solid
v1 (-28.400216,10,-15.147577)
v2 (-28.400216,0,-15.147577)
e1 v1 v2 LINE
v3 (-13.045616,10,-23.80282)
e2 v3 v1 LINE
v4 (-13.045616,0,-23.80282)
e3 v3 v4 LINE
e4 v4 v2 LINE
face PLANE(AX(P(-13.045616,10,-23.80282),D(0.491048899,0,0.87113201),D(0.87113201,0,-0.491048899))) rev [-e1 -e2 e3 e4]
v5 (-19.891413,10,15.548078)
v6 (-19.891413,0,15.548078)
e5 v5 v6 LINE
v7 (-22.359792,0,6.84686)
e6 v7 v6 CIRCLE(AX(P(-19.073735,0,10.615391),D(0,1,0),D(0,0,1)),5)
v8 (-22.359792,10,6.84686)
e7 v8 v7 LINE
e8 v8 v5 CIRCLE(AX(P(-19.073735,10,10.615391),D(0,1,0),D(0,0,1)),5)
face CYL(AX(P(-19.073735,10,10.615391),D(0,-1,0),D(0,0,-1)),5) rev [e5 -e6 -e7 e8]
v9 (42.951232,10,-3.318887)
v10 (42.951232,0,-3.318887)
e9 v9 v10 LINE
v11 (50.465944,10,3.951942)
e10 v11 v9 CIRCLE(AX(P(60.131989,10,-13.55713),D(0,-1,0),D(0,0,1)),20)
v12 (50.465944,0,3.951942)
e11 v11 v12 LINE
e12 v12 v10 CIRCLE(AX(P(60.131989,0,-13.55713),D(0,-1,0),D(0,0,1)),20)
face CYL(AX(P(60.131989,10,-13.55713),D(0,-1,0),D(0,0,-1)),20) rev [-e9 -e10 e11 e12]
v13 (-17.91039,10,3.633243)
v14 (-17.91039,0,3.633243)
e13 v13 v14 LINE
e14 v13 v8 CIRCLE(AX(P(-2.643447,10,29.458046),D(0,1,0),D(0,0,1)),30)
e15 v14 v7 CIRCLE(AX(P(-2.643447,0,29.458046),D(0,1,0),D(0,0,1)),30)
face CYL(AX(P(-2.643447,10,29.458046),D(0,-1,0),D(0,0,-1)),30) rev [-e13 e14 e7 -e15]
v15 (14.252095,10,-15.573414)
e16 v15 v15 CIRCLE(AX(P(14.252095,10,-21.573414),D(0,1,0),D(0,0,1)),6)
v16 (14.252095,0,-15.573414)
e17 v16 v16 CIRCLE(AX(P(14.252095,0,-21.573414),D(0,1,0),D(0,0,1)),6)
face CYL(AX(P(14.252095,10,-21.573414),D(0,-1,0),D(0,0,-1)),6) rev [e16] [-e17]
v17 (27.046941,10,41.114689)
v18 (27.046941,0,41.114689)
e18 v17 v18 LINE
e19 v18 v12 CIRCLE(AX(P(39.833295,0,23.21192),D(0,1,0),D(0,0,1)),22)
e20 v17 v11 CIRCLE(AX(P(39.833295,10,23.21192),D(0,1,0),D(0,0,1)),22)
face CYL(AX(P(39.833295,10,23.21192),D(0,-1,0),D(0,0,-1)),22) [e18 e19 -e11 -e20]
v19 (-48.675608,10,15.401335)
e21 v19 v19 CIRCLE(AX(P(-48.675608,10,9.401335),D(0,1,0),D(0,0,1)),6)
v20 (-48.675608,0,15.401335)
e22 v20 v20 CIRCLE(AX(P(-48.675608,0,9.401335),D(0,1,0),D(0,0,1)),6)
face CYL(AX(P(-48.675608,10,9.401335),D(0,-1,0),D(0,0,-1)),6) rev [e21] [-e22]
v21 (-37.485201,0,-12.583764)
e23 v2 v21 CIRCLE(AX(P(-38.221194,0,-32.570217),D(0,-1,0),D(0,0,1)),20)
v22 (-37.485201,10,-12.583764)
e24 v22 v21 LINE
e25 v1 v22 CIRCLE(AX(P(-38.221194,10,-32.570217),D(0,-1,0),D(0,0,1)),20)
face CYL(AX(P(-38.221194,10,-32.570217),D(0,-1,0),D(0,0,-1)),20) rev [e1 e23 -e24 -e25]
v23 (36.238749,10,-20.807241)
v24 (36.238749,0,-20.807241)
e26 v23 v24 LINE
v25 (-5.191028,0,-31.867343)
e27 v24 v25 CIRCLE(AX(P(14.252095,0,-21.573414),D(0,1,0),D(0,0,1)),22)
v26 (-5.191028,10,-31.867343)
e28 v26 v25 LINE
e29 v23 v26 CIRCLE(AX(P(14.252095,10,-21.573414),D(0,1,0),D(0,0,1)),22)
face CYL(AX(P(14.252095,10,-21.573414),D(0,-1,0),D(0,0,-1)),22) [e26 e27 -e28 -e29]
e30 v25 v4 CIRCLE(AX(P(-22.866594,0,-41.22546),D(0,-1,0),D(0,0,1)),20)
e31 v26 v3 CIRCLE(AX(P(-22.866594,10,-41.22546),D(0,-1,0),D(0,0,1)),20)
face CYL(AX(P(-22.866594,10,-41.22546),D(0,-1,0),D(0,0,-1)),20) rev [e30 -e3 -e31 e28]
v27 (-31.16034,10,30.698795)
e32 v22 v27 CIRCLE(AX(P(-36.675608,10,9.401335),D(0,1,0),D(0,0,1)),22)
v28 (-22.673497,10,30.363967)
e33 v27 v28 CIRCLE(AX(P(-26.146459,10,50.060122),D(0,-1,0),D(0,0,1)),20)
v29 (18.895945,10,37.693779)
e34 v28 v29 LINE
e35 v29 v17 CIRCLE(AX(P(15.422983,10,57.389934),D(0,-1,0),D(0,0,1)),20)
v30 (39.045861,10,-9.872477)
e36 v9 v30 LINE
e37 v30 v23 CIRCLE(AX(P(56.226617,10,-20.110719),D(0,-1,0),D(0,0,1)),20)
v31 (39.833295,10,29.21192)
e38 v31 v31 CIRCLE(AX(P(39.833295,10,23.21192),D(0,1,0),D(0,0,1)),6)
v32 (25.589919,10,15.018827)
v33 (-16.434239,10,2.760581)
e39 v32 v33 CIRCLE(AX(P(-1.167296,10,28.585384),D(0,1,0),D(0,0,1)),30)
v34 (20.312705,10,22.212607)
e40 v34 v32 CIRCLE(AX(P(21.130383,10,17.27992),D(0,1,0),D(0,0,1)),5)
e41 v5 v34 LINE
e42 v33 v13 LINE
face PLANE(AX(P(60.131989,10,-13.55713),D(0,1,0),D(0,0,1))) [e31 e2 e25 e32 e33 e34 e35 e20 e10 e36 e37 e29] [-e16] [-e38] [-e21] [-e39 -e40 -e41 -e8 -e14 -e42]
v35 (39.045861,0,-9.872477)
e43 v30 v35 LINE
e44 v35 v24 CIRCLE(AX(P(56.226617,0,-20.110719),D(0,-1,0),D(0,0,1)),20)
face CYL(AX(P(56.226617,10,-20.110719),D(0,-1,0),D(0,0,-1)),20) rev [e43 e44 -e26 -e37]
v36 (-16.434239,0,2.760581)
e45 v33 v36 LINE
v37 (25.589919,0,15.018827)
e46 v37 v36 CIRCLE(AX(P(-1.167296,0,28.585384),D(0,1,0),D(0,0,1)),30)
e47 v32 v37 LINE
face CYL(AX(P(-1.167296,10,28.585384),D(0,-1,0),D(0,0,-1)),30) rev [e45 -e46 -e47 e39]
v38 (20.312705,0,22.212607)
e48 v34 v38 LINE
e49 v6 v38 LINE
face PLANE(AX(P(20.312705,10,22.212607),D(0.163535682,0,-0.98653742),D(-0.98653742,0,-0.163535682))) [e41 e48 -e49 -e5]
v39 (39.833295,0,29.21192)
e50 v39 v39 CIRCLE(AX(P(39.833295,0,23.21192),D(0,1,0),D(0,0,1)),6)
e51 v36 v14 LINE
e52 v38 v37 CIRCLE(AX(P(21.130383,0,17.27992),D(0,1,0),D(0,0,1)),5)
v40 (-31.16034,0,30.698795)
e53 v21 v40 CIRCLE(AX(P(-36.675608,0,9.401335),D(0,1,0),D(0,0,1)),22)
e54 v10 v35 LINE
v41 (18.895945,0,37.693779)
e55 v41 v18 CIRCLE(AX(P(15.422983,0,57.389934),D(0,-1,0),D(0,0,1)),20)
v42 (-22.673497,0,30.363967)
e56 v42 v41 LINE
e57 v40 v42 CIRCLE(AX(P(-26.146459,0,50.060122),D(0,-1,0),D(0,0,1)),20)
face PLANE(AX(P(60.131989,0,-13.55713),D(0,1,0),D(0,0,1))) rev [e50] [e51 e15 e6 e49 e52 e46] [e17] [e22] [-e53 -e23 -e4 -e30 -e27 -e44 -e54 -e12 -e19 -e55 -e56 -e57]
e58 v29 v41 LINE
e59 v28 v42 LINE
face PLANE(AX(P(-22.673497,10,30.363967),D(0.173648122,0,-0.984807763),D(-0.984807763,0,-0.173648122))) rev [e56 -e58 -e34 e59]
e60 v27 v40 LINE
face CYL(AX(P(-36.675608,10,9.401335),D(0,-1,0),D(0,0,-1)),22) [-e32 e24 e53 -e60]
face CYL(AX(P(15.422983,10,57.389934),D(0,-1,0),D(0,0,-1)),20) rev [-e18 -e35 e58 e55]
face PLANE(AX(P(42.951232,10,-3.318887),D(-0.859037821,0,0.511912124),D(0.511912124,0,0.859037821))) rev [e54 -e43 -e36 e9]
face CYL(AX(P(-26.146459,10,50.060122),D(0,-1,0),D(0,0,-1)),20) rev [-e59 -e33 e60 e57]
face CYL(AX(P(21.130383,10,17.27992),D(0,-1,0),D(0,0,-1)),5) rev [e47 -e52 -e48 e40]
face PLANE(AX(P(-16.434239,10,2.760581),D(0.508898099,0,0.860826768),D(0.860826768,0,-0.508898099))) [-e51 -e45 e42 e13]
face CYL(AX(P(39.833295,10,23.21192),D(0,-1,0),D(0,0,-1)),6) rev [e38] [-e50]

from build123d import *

# Parameters (mm, degrees)
SKETCH1_R           = 6
BOSS_EXTRUDE1_DEPTH = 10


with BuildPart() as part:
    # Sketch1 → Boss-Extrude1 (new body)
    with BuildSketch(Plane(origin=(0, 0, 0), x_dir=(1, 0, 0), z_dir=(0, 1, 0))):
        with BuildLine():
            Line((42.951232399, 3.318887452), (39.045860783, 9.872476959))
            ThreePointArc((39.045860783, 9.872476959), (36.854758208, 15.13768422), (36.238749427, 20.807240744))
            ThreePointArc((36.238749427, 20.807240744), (19.926498256, 42.82902865), (-5.191028063, 31.867342993))
            ThreePointArc((-5.191028063, 31.867342993), (-8.539203816, 27.271038576), (-13.045616394, 23.802819891))
            Line((-13.045616394, 23.802819891), (-28.400215901, 15.147576948))
            ThreePointArc((-28.400215901, 15.147576948), (-32.789279464, 13.321988508), (-37.485200727, 12.583763884))
            ThreePointArc((-37.485200727, 12.583763884), (-58.444412115, -12.582400357), (-31.160339611, -30.698794925))
            ThreePointArc((-31.160339611, -30.698794925), (-26.9348971, -30.075669304), (-22.673496589, -30.363967139))
            Line((-22.673496589, -30.363967139), (18.895945155, -37.693778855))
            ThreePointArc((18.895945155, -37.693778855), (23.162809039, -38.948266928), (27.046941071, -41.114689344))
            ThreePointArc((27.046941071, -41.114689344), (58.445846615, -34.941068913), (50.465944263, -3.951941513))
            ThreePointArc((50.465944263, -3.951941513), (46.22501506, -0.816320632), (42.951232399, 3.318887452))
        make_face()
        with Locations(Location((-48.675608258, -9.401334707, 0), (0, 0, 270))):
            Circle(SKETCH1_R, mode=Mode.SUBTRACT)
        with Locations(Location((14.252094878, 21.573414185, 0), (0, 0, 270))):
            Circle(SKETCH1_R, mode=Mode.SUBTRACT)
        with Locations(Location((39.833295256, -23.211920099, 0), (0, 0, 270))):
            Circle(SKETCH1_R, mode=Mode.SUBTRACT)
        with BuildLine():
            Line((20.312704962, -22.212607301), (-19.891412958, -15.548077687))
            ThreePointArc((-19.891412958, -15.548077687), (-23.883928025, -11.979955979), (-22.359792068, -6.846859578))
            ThreePointArc((-22.359792068, -6.846859578), (-20.208737863, -5.13808357), (-17.910389919, -3.633242594))
            Line((-17.910389919, -3.633242594), (-16.434238636, -2.760580859))
            ThreePointArc((-16.434238636, -2.760580859), (7.233462597, 0.214394926), (25.58991918, -15.018827461))
            ThreePointArc((25.58991918, -15.018827461), (25.161933747, -20.2373856), (20.312704962, -22.212607301))
        make_face(mode=Mode.SUBTRACT)
    extrude(amount=BOSS_EXTRUDE1_DEPTH)


solid = part.part
